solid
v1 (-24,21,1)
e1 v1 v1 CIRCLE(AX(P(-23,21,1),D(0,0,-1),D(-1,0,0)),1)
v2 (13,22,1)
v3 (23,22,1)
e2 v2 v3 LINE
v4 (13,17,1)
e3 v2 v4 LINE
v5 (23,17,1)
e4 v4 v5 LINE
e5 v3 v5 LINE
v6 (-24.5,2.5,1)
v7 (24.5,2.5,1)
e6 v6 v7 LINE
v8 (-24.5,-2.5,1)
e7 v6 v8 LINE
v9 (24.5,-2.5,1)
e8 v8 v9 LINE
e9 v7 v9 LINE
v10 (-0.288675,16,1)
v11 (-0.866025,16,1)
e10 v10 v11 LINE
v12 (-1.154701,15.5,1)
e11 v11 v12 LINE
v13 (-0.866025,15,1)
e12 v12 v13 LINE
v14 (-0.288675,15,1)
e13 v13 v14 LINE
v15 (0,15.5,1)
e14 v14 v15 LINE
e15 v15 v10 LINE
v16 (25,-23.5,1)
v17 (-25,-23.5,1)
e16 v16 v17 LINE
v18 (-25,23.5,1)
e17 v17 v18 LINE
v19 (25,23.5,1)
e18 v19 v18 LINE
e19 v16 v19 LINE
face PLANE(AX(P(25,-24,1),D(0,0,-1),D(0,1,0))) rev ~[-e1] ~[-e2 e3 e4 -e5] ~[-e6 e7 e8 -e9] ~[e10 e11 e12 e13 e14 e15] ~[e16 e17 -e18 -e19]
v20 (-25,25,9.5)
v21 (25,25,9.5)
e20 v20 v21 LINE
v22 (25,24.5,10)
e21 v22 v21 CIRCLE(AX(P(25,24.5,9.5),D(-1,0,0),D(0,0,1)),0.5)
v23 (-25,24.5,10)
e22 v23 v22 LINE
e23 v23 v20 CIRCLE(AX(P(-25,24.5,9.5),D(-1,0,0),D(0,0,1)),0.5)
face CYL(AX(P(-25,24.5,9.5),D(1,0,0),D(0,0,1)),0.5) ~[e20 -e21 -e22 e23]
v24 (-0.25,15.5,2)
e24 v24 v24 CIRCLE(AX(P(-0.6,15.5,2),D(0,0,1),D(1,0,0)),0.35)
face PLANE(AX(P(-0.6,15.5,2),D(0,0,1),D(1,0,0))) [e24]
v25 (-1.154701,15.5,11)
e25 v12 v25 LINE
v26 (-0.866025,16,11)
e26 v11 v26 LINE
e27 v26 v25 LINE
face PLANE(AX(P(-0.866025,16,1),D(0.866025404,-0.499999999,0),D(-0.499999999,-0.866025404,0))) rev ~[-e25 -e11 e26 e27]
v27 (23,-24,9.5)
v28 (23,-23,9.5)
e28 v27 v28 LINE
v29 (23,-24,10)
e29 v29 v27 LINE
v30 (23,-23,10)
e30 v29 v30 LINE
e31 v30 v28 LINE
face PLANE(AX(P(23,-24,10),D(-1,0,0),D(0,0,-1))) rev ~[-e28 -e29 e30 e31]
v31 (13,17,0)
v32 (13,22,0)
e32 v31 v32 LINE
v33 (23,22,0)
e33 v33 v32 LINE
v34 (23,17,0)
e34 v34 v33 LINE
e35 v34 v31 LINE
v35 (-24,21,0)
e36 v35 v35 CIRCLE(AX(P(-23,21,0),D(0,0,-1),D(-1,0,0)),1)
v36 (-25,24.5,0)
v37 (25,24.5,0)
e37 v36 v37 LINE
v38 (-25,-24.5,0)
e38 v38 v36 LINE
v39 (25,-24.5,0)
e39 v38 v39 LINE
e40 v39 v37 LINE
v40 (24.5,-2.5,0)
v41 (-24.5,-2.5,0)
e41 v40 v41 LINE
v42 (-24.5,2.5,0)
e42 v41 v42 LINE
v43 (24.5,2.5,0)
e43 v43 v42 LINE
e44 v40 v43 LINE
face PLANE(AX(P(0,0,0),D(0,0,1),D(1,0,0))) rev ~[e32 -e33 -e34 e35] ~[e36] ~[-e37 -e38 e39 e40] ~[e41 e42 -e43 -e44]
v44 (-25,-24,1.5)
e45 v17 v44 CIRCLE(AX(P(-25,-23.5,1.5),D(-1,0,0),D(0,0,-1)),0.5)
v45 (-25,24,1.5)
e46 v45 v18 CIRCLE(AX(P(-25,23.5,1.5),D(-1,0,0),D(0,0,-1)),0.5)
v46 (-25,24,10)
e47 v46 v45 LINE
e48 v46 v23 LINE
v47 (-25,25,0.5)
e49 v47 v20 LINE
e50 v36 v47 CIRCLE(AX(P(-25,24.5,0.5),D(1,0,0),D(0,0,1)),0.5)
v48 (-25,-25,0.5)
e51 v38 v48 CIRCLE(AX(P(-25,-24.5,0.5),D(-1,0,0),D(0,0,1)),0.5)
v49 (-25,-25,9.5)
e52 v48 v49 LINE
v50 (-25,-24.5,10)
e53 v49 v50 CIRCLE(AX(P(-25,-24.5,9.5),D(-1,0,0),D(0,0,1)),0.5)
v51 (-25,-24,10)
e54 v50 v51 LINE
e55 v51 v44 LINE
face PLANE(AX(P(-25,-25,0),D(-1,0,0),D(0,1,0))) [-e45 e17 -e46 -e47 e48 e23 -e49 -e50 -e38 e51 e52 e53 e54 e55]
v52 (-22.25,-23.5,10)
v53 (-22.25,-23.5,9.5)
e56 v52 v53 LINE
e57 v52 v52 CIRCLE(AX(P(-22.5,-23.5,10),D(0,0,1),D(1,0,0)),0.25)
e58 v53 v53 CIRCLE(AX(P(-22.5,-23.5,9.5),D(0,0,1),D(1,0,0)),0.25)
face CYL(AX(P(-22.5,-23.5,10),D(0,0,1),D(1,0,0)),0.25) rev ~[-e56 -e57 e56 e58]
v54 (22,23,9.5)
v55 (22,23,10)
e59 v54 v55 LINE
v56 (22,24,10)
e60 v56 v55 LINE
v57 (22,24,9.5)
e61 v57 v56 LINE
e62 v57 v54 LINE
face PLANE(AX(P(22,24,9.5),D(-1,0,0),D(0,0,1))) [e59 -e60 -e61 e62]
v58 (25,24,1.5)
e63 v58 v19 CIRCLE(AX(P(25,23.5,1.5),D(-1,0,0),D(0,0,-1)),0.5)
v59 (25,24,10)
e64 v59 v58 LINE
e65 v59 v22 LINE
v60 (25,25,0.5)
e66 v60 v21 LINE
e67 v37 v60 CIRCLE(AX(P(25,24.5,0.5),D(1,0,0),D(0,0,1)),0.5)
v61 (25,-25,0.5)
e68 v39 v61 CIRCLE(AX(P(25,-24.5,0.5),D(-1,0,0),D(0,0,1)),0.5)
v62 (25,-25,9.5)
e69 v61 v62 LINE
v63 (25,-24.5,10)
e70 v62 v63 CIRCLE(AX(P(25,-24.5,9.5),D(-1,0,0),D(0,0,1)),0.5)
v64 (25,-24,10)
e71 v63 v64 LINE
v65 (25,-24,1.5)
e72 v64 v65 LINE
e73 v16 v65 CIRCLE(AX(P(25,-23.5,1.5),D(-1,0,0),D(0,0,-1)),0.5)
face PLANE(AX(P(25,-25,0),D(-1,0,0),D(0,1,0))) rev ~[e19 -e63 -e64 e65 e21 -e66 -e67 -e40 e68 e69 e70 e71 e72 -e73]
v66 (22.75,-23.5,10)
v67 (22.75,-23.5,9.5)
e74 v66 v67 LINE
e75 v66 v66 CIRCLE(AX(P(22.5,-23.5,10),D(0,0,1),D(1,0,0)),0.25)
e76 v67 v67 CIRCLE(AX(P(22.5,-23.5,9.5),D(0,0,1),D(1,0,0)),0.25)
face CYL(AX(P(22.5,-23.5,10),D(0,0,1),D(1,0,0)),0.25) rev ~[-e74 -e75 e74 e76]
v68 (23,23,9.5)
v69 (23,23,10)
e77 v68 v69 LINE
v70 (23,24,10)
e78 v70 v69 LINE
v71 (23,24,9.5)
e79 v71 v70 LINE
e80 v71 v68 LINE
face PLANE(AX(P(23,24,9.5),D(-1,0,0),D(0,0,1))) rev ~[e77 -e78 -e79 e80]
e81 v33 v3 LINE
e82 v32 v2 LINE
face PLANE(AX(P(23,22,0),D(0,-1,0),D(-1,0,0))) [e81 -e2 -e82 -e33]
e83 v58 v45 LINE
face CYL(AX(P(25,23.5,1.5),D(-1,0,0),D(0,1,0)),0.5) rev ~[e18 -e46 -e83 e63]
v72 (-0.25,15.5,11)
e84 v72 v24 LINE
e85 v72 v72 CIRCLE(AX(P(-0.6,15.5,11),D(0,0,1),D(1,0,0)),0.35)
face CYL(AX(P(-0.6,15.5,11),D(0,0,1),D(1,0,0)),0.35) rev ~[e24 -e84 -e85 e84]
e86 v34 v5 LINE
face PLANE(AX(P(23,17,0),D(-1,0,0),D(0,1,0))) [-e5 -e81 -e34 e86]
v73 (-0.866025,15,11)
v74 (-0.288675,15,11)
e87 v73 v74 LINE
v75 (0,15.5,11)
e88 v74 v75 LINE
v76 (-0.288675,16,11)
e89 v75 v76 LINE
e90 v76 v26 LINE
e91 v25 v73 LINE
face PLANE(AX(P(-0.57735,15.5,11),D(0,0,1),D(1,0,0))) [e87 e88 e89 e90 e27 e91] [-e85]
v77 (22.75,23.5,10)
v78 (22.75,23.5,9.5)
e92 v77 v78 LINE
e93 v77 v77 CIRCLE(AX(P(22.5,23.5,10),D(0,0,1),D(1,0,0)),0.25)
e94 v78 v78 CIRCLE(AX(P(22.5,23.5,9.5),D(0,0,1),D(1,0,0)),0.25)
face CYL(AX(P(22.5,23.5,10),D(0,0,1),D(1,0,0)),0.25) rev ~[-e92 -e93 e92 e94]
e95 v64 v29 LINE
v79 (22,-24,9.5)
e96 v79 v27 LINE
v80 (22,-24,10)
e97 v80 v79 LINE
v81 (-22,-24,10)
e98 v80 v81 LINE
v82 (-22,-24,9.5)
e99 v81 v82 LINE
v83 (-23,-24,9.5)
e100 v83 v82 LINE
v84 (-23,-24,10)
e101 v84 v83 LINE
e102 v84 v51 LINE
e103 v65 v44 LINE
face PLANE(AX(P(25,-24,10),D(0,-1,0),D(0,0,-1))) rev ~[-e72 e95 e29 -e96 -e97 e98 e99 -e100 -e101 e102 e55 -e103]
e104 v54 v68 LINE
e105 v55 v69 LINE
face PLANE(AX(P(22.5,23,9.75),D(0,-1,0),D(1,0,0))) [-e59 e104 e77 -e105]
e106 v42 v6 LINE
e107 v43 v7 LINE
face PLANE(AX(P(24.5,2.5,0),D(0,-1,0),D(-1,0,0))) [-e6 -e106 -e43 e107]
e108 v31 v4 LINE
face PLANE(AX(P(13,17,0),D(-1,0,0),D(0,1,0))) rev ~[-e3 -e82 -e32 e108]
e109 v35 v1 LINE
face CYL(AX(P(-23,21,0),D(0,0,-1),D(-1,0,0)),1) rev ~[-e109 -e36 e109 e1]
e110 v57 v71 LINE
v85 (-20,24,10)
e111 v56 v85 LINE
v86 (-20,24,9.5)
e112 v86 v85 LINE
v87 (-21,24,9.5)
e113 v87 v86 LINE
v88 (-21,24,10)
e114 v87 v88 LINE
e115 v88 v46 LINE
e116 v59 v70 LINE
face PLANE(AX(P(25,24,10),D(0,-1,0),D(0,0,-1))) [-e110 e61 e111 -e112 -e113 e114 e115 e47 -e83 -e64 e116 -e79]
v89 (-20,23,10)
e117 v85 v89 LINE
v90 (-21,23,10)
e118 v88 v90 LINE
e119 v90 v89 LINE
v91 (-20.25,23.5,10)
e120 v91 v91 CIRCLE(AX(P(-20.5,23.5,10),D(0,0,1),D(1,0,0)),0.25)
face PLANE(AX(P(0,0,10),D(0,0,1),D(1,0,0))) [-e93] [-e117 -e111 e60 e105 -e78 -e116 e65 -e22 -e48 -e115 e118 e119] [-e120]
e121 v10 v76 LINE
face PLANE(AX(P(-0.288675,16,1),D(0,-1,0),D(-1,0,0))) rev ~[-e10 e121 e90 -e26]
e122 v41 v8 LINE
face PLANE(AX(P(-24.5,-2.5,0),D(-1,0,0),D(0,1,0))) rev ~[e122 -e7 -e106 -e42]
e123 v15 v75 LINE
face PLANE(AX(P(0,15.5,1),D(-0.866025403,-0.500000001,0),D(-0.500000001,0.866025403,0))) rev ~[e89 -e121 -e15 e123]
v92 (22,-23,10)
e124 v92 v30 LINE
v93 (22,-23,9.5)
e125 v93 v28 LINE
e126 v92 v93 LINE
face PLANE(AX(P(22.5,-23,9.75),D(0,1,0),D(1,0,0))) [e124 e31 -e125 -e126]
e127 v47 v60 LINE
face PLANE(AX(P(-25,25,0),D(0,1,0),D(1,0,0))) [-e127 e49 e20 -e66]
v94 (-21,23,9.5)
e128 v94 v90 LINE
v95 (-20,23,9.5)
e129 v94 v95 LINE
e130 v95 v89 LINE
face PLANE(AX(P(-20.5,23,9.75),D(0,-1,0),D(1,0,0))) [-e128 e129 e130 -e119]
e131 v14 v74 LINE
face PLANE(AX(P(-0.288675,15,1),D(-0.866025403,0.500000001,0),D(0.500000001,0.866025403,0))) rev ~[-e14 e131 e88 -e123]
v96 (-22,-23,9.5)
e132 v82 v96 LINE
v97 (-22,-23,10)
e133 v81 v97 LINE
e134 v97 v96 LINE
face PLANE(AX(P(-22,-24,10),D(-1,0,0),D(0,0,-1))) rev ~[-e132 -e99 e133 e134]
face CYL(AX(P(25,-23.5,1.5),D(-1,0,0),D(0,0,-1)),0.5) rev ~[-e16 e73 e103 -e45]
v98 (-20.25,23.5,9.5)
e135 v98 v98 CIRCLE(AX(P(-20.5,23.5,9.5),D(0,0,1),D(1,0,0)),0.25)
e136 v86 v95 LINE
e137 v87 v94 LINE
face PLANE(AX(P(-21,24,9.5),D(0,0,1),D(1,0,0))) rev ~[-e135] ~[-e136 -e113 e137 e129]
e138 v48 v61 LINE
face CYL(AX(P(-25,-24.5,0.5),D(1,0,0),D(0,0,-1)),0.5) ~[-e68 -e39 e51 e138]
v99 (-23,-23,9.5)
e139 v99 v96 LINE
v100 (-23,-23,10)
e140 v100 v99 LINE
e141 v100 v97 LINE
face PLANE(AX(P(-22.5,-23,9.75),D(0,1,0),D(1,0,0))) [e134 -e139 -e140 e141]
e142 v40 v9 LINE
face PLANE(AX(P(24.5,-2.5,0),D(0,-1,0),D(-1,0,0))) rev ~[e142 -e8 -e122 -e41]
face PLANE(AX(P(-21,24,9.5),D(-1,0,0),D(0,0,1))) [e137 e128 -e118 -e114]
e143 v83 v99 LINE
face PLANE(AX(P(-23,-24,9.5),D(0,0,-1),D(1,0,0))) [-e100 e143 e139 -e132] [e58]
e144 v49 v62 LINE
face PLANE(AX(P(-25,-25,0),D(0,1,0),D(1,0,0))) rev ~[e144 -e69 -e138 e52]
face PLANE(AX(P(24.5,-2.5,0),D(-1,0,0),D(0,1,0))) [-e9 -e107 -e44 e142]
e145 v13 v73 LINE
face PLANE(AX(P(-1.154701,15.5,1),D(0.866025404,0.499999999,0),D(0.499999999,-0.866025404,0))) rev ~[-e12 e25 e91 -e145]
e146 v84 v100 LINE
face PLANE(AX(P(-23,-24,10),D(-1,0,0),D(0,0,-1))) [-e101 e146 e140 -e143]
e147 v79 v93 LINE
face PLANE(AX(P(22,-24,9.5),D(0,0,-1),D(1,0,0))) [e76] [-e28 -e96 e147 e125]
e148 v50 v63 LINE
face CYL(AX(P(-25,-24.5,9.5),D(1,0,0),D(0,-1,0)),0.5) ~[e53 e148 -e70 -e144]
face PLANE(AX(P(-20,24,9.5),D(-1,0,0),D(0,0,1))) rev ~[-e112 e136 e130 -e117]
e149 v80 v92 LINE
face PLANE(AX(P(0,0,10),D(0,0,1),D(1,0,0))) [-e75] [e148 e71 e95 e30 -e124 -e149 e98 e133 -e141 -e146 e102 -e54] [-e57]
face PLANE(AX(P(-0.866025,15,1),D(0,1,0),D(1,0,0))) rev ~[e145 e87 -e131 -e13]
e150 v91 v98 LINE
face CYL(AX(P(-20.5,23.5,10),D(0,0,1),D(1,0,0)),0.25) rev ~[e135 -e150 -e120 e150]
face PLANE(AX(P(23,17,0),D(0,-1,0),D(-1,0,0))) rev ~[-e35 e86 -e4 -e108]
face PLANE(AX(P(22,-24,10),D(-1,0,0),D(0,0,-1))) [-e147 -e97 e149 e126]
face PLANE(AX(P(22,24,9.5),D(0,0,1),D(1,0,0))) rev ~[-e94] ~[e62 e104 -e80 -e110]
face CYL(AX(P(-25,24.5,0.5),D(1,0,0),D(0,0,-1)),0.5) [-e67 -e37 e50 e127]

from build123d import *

# Parameters (mm, degrees)
CROQUIS1_W              = 50
CROQUIS1_H              = 50
SALIENTE_EXTRUIR1_DEPTH = 10
CROQUIS2_W              = 49
CROQUIS2_H              = 5
CORTAR_EXTRUIR2_DEPTH   = 6
CROQUIS3_W              = 10
CROQUIS3_H              = 5
CORTAR_EXTRUIR3_DEPTH   = 6
CROQUIS4_R              = 1
CORTAR_EXTRUIR4_DEPTH   = 6
CROQUIS5_W              = 9
CROQUIS5_H              = 48
CORTAR_EXTRUIR5_DEPTH   = 50
CROQUIS6_W              = 1
CROQUIS6_H              = 0.5
SALIENTE_EXTRUIR2_DEPTH = 1
CROQUIS7_W              = 1
CROQUIS7_H              = 0.5
SALIENTE_EXTRUIR3_DEPTH = 1
CROQUIS9_W              = 1
CROQUIS9_H              = 0.5
SALIENTE_EXTRUIR4_DEPTH = 1
CROQUIS10_W             = 1
CROQUIS10_H             = 0.5
SALIENTE_EXTRUIR5_DEPTH = 1
SALIENTE_EXTRUIR6_DEPTH = 10
CROQUIS12_R             = 0.35
CORTAR_EXTRUIR6_DEPTH   = 9
CROQUIS13_R             = 0.25
CORTAR_EXTRUIR7_DEPTH   = 2
CROQUIS14_R             = 0.25
CORTAR_EXTRUIR8_DEPTH   = 2
CROQUIS15_R             = 0.25
CORTAR_EXTRUIR9_DEPTH   = 2
CROQUIS16_R             = 0.25
CORTAR_EXTRUIR10_DEPTH  = 2
REDONDEO5_R             = 0.5
REDONDEO6_R             = 0.5
REDONDEO7_R             = 0.5
REDONDEO8_R             = 0.5
REDONDEO9_R             = 0.5
REDONDEO10_R            = 0.5


with BuildPart() as part:
    # Croquis1 → Saliente-Extruir1 (new body)
    with BuildSketch(Plane.XY):
        Rectangle(CROQUIS1_W, CROQUIS1_H)
    extrude(amount=SALIENTE_EXTRUIR1_DEPTH)

    # Croquis2 → Cortar-Extruir2 (cut)
    with BuildSketch(Plane(origin=(0, 0, 0), x_dir=(-1, 0, 0), z_dir=(0, 0, -1))):
        Rectangle(CROQUIS2_W, CROQUIS2_H)
    extrude(amount=-CORTAR_EXTRUIR2_DEPTH, mode=Mode.SUBTRACT)

    # Croquis3 → Cortar-Extruir3 (cut)
    with BuildSketch(Plane(origin=(0, 0, 0), x_dir=(-1, 0, 0), z_dir=(0, 0, -1))):
        with Locations((-18, 19.5)):
            Rectangle(CROQUIS3_W, CROQUIS3_H)
    extrude(amount=-CORTAR_EXTRUIR3_DEPTH, mode=Mode.SUBTRACT)

    # Croquis4 → Cortar-Extruir4 (cut)
    with BuildSketch(Plane(origin=(0, 0, 0), x_dir=(-1, 0, 0), z_dir=(0, 0, -1))):
        with Locations((23, 21)):
            Circle(CROQUIS4_R)
    extrude(amount=-CORTAR_EXTRUIR4_DEPTH, mode=Mode.SUBTRACT)

    # Croquis5 → Cortar-Extruir5 (cut)
    with BuildSketch(Plane(origin=(25, 0, 0), x_dir=(0, 0, -1), z_dir=(1, 0, 0))):
        with Locations((-5.5, 0)):
            Rectangle(CROQUIS5_W, CROQUIS5_H)
    extrude(amount=-CORTAR_EXTRUIR5_DEPTH, mode=Mode.SUBTRACT)

    # Croquis6 → Saliente-Extruir2 (add)
    with BuildSketch(Plane.XZ.offset(-24)):
        with Locations((-20.5, 9.75)):
            Rectangle(CROQUIS6_W, CROQUIS6_H)
    extrude(amount=SALIENTE_EXTRUIR2_DEPTH)

    # Croquis7 → Saliente-Extruir3 (add)
    with BuildSketch(Plane.XZ.offset(-24)):
        with Locations((22.5, 9.75)):
            Rectangle(CROQUIS7_W, CROQUIS7_H)
    extrude(amount=SALIENTE_EXTRUIR3_DEPTH)

    # Croquis9 → Saliente-Extruir4 (add)
    with BuildSketch(Plane(origin=(0, -24, 0), x_dir=(1, 0, 0), z_dir=(0, 1, 0))):
        with Locations((-22.5, -9.75)):
            Rectangle(CROQUIS9_W, CROQUIS9_H)
    extrude(amount=SALIENTE_EXTRUIR4_DEPTH)

    # Croquis10 → Saliente-Extruir5 (add)
    with BuildSketch(Plane(origin=(0, -24, 0), x_dir=(1, 0, 0), z_dir=(0, 1, 0))):
        with Locations((22.5, -9.75)):
            Rectangle(CROQUIS10_W, CROQUIS10_H)
    extrude(amount=SALIENTE_EXTRUIR5_DEPTH)

    # Croquis11 → Saliente-Extruir6 (add)
    with BuildSketch(Plane.XY.offset(1)):
        Polygon((0, 15.5), (-0.288675135, 16), (-0.866025404, 16), (-1.154700538, 15.5), (-0.866025404, 15), (-0.288675135, 15), align=None)
    extrude(amount=SALIENTE_EXTRUIR6_DEPTH)

    # Croquis12 → Cortar-Extruir6 (cut)
    with BuildSketch(Plane.XY.offset(11)):
        with Locations((-0.6, 15.5)):
            Circle(CROQUIS12_R)
    extrude(amount=-CORTAR_EXTRUIR6_DEPTH, mode=Mode.SUBTRACT)

    # Croquis13 → Cortar-Extruir7 (cut)
    with BuildSketch(Plane.XY.offset(10)):
        with Locations((-20.5, 23.5)):
            Circle(CROQUIS13_R)
    extrude(amount=-CORTAR_EXTRUIR7_DEPTH, mode=Mode.SUBTRACT)

    # Croquis14 → Cortar-Extruir8 (cut)
    with BuildSketch(Plane.XY.offset(10)):
        with Locations((22.5, 23.5)):
            Circle(CROQUIS14_R)
    extrude(amount=-CORTAR_EXTRUIR8_DEPTH, mode=Mode.SUBTRACT)

    # Croquis15 → Cortar-Extruir9 (cut)
    with BuildSketch(Plane.XY.offset(10)):
        with Locations((-22.5, -23.5)):
            Circle(CROQUIS15_R)
    extrude(amount=-CORTAR_EXTRUIR9_DEPTH, mode=Mode.SUBTRACT)

    # Croquis16 → Cortar-Extruir10 (cut)
    with BuildSketch(Plane.XY.offset(10)):
        with Locations((22.5, -23.5)):
            Circle(CROQUIS16_R)
    extrude(amount=-CORTAR_EXTRUIR10_DEPTH, mode=Mode.SUBTRACT)

    # Redondeo5
    redondeo5_edges = [part.edges().sort_by_distance(p)[0] for p in [
        (0, 25, 0),
    ]]
    fillet(redondeo5_edges, radius=REDONDEO5_R)

    # Redondeo6
    redondeo6_edges = [part.edges().sort_by_distance(p)[0] for p in [
        (0, -25, 0),
    ]]
    fillet(redondeo6_edges, radius=REDONDEO6_R)

    # Redondeo7
    redondeo7_edges = [part.edges().sort_by_distance(p)[0] for p in [
        (0, 24, 1),
    ]]
    fillet(redondeo7_edges, radius=REDONDEO7_R)

    # Redondeo8
    redondeo8_edges = [part.edges().sort_by_distance(p)[0] for p in [
        (0, -24, 1),
    ]]
    fillet(redondeo8_edges, radius=REDONDEO8_R)

    # Redondeo9
    redondeo9_edges = [part.edges().sort_by_distance(p)[0] for p in [
        (0, 25, 10),
    ]]
    fillet(redondeo9_edges, radius=REDONDEO9_R)

    # Redondeo10
    redondeo10_edges = [part.edges().sort_by_distance(p)[0] for p in [
        (0, -25, 10),
    ]]
    fillet(redondeo10_edges, radius=REDONDEO10_R)


solid = part.part
